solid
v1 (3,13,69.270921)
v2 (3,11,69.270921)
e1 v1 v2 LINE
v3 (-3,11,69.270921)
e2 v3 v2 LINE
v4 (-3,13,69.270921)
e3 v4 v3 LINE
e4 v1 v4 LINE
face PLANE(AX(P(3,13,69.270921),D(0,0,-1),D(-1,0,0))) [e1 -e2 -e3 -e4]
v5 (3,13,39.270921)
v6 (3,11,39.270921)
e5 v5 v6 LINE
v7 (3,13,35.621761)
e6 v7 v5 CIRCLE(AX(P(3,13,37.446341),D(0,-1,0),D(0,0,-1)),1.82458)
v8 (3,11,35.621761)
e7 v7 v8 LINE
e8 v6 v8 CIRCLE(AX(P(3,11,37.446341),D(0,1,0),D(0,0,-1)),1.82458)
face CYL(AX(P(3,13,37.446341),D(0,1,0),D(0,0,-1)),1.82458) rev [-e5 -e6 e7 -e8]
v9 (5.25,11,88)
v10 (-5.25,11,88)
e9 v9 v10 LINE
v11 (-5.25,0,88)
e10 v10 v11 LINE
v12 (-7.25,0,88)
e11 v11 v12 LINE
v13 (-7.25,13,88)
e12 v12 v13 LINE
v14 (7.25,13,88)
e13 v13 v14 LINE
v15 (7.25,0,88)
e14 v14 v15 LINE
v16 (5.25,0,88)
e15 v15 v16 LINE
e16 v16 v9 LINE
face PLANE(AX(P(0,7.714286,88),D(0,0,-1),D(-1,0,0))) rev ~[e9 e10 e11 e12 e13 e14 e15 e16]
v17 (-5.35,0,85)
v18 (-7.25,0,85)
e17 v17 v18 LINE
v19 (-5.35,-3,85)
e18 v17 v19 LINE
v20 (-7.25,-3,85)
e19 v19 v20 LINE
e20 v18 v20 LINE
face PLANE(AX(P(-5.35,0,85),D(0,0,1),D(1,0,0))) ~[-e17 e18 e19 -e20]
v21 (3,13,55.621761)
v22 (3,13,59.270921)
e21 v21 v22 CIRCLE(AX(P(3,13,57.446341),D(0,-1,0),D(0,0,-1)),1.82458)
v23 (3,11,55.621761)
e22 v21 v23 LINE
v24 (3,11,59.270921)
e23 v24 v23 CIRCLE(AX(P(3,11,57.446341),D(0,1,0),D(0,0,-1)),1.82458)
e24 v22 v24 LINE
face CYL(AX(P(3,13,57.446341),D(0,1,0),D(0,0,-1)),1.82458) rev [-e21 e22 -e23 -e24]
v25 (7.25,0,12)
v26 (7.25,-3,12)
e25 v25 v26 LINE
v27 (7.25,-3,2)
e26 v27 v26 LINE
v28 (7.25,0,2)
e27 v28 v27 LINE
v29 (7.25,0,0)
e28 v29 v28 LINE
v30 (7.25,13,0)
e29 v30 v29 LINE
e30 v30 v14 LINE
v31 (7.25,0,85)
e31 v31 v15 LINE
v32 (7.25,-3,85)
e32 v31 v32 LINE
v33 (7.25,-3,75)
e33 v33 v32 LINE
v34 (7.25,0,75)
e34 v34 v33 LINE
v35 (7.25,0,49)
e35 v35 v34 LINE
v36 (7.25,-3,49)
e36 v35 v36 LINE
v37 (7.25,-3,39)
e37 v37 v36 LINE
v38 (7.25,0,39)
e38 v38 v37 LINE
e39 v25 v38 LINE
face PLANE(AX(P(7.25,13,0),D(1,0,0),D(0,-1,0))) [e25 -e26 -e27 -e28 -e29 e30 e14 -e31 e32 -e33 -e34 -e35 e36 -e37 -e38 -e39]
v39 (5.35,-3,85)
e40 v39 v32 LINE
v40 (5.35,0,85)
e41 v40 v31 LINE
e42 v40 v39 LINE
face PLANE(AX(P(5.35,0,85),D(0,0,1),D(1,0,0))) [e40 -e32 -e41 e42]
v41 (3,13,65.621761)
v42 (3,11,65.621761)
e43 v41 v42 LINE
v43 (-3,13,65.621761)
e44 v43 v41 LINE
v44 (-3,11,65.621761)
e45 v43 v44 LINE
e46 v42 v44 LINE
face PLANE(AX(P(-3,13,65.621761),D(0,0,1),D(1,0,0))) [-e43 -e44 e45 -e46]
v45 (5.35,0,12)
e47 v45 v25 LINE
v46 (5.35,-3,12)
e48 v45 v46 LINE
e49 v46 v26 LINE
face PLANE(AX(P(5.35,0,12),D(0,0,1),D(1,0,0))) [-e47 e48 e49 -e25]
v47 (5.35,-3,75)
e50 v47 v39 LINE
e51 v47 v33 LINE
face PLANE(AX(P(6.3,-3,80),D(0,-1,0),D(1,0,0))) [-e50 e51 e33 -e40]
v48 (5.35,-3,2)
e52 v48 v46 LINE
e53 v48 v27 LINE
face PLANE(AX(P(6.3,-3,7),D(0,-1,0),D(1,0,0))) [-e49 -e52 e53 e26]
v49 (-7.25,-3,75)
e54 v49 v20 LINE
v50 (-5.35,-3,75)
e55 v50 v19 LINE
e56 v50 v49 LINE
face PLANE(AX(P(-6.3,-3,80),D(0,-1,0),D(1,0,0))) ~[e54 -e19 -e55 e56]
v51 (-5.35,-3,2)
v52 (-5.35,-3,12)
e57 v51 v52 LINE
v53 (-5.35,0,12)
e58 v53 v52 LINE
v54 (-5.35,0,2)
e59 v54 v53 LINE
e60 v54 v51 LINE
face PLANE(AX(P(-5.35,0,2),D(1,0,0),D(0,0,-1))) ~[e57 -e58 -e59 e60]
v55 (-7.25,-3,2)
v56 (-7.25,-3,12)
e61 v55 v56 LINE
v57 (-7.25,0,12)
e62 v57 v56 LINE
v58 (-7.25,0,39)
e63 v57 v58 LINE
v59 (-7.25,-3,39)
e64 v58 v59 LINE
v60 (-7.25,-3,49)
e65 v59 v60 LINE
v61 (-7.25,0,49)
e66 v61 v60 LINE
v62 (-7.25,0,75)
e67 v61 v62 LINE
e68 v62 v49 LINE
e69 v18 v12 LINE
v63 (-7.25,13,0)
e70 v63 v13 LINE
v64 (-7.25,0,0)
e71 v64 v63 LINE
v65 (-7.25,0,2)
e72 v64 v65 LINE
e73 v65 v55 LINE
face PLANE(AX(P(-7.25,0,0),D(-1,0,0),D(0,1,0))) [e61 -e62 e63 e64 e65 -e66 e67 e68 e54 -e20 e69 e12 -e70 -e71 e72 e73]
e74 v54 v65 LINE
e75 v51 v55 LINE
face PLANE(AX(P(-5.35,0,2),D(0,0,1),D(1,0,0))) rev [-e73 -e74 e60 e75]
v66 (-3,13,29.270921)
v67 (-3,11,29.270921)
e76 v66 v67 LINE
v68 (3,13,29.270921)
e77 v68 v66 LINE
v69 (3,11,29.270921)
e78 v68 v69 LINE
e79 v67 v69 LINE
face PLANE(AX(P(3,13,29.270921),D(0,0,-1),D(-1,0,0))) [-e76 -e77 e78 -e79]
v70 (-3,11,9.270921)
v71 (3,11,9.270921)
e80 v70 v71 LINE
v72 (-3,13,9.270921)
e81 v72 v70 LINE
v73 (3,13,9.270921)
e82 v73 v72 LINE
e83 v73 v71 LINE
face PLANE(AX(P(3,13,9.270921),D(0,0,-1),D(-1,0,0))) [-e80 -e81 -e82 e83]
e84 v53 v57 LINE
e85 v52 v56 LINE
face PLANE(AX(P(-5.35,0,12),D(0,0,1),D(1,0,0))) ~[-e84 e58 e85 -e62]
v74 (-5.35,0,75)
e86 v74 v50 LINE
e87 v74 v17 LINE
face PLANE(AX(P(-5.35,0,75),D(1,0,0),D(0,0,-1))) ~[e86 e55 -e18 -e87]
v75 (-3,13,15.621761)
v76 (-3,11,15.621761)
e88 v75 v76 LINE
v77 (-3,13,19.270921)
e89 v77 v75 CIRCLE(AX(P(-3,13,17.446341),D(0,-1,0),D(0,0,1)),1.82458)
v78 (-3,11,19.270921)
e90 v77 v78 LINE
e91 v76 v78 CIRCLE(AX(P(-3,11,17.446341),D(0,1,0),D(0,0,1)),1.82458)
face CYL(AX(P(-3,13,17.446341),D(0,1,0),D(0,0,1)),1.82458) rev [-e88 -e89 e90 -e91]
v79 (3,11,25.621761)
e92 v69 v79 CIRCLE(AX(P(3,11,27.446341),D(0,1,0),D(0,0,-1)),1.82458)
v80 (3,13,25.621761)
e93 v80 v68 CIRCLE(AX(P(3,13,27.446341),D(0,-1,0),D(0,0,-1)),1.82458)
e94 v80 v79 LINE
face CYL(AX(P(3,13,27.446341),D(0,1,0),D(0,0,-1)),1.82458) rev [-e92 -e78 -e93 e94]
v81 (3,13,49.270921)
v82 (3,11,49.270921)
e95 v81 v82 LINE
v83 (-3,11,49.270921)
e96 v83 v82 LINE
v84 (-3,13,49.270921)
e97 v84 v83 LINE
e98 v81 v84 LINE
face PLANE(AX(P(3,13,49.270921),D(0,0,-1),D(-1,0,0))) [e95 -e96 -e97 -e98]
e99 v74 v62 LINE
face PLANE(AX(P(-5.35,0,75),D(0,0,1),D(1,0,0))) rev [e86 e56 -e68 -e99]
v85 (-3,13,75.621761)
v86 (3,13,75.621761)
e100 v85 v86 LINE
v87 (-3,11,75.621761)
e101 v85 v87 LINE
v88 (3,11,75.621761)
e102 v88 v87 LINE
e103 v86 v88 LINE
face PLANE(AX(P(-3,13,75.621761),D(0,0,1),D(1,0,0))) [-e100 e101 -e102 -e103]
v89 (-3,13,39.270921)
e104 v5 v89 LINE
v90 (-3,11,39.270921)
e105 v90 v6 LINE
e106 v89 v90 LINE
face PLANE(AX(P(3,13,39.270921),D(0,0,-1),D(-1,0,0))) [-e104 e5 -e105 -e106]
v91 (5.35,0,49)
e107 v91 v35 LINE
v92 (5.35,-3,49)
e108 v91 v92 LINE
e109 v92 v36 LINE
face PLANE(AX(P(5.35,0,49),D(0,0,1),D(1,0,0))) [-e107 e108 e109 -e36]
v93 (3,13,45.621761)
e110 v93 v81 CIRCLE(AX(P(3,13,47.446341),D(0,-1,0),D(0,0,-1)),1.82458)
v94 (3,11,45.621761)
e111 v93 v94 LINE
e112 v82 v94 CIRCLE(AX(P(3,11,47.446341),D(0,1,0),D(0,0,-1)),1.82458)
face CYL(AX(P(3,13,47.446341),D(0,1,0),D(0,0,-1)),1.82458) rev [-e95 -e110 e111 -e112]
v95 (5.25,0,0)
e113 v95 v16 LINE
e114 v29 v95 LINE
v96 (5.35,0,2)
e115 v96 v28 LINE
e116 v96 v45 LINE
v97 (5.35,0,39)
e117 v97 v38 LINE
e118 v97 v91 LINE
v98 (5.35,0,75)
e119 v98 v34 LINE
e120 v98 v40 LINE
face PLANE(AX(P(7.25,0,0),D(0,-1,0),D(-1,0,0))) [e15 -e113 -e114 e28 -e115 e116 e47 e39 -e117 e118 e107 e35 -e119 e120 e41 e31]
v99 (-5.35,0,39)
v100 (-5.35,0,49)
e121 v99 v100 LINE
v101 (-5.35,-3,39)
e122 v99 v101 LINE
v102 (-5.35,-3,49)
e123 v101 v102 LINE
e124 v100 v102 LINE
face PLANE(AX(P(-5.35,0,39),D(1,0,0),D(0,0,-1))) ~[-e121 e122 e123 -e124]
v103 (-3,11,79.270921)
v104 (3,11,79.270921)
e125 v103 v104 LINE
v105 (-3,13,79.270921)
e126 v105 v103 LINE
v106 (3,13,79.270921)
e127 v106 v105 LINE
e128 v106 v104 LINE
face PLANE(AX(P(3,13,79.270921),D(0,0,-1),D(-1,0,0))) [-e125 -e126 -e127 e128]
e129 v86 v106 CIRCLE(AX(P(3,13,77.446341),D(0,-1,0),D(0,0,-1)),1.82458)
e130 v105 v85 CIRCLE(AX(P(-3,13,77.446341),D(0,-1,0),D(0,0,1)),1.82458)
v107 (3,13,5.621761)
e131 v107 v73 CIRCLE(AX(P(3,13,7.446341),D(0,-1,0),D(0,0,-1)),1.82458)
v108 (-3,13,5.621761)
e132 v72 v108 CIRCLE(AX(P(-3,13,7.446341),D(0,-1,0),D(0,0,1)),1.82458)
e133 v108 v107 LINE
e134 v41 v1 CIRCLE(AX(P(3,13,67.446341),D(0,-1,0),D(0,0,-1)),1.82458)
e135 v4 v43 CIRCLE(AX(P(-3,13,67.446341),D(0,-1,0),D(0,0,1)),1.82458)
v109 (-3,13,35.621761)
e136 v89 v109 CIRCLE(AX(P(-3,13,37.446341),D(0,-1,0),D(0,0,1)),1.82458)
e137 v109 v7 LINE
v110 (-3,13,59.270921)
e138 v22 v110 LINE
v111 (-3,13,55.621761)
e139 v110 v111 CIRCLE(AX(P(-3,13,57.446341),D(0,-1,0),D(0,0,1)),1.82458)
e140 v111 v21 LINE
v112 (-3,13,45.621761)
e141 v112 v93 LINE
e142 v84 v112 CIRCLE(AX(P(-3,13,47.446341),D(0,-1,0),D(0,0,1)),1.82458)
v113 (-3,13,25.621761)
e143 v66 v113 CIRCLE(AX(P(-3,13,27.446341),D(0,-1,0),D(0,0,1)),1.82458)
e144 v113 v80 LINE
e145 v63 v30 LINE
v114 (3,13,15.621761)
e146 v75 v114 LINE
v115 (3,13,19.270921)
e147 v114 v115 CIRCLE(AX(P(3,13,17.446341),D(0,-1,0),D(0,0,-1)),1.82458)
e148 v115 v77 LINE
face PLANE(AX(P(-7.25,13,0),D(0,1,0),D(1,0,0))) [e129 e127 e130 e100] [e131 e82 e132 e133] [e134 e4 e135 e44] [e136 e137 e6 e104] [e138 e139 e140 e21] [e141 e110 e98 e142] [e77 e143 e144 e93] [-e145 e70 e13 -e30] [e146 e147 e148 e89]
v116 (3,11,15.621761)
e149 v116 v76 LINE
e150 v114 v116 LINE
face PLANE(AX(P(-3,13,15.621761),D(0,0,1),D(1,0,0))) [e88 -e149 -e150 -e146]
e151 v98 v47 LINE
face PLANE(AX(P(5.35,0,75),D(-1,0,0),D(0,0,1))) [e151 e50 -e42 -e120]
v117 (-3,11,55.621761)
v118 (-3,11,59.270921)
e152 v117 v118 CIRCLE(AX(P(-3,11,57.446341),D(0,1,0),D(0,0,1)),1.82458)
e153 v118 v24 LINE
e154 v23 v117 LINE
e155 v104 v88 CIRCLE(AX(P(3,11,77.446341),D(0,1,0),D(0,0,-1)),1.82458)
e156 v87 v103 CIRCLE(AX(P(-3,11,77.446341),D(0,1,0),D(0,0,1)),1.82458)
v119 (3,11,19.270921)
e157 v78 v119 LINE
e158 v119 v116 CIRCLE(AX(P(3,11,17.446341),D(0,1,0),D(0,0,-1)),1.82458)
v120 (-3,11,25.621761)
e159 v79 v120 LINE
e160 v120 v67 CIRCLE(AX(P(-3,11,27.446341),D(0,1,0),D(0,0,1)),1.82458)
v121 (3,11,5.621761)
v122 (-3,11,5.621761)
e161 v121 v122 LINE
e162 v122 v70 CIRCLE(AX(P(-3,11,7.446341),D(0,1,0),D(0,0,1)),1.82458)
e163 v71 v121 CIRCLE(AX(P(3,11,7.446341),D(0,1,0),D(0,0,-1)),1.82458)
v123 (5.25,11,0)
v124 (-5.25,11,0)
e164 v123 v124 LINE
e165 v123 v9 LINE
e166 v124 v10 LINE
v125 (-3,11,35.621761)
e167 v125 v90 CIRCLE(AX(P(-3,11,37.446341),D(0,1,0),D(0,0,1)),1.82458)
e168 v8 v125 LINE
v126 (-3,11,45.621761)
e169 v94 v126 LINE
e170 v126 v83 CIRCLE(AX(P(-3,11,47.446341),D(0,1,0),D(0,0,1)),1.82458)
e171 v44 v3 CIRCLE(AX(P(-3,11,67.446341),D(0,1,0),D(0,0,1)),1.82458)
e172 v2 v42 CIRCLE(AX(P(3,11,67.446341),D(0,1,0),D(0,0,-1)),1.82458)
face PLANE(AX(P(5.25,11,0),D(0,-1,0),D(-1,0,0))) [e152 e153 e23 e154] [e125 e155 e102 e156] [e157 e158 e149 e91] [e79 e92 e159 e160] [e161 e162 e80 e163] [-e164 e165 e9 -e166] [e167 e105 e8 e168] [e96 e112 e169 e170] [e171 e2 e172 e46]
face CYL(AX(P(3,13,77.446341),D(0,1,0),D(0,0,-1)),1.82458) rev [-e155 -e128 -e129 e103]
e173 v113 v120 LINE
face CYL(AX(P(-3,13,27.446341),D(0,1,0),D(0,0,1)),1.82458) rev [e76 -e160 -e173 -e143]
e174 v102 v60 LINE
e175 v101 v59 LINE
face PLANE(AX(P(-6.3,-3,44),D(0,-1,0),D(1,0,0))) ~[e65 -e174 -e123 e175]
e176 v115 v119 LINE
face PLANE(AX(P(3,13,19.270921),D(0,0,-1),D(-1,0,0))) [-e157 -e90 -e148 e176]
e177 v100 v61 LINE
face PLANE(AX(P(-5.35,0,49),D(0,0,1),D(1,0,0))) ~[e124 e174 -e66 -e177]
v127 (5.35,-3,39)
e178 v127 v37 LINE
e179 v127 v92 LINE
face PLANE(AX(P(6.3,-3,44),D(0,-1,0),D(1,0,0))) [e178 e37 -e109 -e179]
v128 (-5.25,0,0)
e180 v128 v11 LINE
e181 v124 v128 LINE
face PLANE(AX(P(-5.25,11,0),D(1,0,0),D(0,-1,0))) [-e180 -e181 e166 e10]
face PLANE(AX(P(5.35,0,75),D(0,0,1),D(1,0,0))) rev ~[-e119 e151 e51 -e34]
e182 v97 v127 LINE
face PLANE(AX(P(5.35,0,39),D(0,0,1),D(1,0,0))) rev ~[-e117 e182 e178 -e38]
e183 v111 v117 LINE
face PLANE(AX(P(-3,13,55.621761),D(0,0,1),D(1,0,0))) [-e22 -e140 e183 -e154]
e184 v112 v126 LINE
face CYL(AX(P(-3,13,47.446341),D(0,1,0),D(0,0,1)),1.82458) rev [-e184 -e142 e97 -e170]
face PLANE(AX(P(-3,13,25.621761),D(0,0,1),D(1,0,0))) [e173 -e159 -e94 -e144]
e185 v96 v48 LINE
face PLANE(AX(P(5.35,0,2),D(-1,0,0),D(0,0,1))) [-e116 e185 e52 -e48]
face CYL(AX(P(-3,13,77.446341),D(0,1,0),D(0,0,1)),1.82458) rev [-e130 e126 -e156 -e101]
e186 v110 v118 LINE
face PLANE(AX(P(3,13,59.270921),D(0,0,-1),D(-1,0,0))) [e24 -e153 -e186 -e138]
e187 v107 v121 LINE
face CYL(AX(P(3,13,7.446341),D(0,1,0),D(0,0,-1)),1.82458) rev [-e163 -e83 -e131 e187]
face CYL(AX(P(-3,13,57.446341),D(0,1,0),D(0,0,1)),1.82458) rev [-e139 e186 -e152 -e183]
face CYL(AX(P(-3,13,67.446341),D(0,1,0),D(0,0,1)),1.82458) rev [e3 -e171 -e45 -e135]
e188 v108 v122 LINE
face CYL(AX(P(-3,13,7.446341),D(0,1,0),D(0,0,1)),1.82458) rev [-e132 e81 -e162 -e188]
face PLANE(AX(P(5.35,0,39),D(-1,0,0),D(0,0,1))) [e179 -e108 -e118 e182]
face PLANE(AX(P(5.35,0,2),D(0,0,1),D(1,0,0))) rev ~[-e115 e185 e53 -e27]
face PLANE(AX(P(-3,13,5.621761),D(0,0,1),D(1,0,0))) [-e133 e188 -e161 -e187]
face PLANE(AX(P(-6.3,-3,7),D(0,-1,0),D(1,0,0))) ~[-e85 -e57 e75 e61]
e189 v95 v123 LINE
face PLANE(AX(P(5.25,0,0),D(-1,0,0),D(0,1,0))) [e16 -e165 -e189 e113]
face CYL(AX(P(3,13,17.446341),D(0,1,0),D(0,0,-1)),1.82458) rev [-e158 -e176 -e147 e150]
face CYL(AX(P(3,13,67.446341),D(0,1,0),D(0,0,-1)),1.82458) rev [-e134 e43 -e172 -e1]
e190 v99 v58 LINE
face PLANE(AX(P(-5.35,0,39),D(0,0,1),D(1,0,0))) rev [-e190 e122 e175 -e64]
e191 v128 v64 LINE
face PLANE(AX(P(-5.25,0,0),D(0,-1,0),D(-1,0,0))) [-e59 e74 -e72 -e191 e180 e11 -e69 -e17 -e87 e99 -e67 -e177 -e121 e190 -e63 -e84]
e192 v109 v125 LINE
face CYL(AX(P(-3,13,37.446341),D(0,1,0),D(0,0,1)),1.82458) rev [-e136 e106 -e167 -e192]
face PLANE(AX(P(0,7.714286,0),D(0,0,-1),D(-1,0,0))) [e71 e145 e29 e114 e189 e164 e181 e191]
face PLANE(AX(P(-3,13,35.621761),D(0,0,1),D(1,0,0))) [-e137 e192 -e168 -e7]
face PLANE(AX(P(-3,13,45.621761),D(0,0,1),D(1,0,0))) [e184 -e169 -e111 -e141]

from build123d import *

# Parameters (mm, degrees)
EXTRUDE_1_DEPTH     = 88
CUT_EXTRUDE_1_DEPTH = 55
SKETCH_4_W          = 1.9
SKETCH_4_H          = 10
EXTRUDE_2_DEPTH     = 3


with BuildPart() as part:
    # 草图1 → 凸台-拉伸1 (new body)
    with BuildSketch(Plane.XY):
        Polygon((-7.25, 0), (-7.25, 13), (7.25, 13), (7.25, 0), (5.25, 0), (5.25, 11), (-5.25, 11), (-5.25, 0), align=None)
    extrude(amount=EXTRUDE_1_DEPTH)

    # 草图2 → 切除-拉伸1 (cut)
    with BuildSketch(Plane(origin=(0, 13, 0), x_dir=(1, 0, 0), z_dir=(0, 1, 0))):
        with BuildLine():
            Line((-3, -5.621760717), (3, -5.621760717))
            ThreePointArc((3, -5.621760717), (4.824580314, -7.44634103), (3, -9.270921344))
            Line((3, -9.270921344), (-3, -9.270921344))
            ThreePointArc((-3, -9.270921344), (-4.824580314, -7.44634103), (-3, -5.621760717))
        make_face()
        with BuildLine():
            Line((-3, -15.621760717), (3, -15.621760717))
            ThreePointArc((3, -15.621760717), (4.824580314, -17.44634103), (3, -19.270921344))
            Line((3, -19.270921344), (-3, -19.270921344))
            ThreePointArc((-3, -19.270921344), (-4.824580314, -17.44634103), (-3, -15.621760717))
        make_face()
        with BuildLine():
            Line((-3, -25.621760717), (3, -25.621760717))
            ThreePointArc((3, -25.621760717), (4.824580314, -27.44634103), (3, -29.270921344))
            Line((3, -29.270921344), (-3, -29.270921344))
            ThreePointArc((-3, -29.270921344), (-4.824580314, -27.44634103), (-3, -25.621760717))
        make_face()
        with BuildLine():
            Line((-3, -35.621760717), (3, -35.621760717))
            ThreePointArc((3, -35.621760717), (4.824580314, -37.44634103), (3, -39.270921344))
            Line((3, -39.270921344), (-3, -39.270921344))
            ThreePointArc((-3, -39.270921344), (-4.824580314, -37.44634103), (-3, -35.621760717))
        make_face()
        with BuildLine():
            Line((-3, -45.621760717), (3, -45.621760717))
            ThreePointArc((3, -45.621760717), (4.824580314, -47.44634103), (3, -49.270921344))
            Line((3, -49.270921344), (-3, -49.270921344))
            ThreePointArc((-3, -49.270921344), (-4.824580314, -47.44634103), (-3, -45.621760717))
        make_face()
        with BuildLine():
            Line((-3, -55.621760717), (3, -55.621760717))
            ThreePointArc((3, -55.621760717), (4.824580314, -57.44634103), (3, -59.270921344))
            Line((3, -59.270921344), (-3, -59.270921344))
            ThreePointArc((-3, -59.270921344), (-4.824580314, -57.44634103), (-3, -55.621760717))
        make_face()
        with BuildLine():
            Line((-3, -65.621760717), (3, -65.621760717))
            ThreePointArc((3, -65.621760717), (4.824580314, -67.44634103), (3, -69.270921344))
            Line((3, -69.270921344), (-3, -69.270921344))
            ThreePointArc((-3, -69.270921344), (-4.824580314, -67.44634103), (-3, -65.621760717))
        make_face()
        with BuildLine():
            Line((-3, -75.621760717), (3, -75.621760717))
            ThreePointArc((3, -75.621760717), (4.824580314, -77.44634103), (3, -79.270921344))
            Line((3, -79.270921344), (-3, -79.270921344))
            ThreePointArc((-3, -79.270921344), (-4.824580314, -77.44634103), (-3, -75.621760717))
        make_face()
    extrude(amount=-CUT_EXTRUDE_1_DEPTH, mode=Mode.SUBTRACT)

    # 草图4 → 凸台-拉伸2 (add)
    with BuildSketch(Plane.XZ):
        with Locations((6.3, 80)):
            Rectangle(SKETCH_4_W, SKETCH_4_H)
        with Locations((6.3, 44)):
            Rectangle(SKETCH_4_W, SKETCH_4_H)
        with Locations((6.3, 7)):
            Rectangle(SKETCH_4_W, SKETCH_4_H)
    extrude_2 = extrude(amount=EXTRUDE_2_DEPTH)

    # 镜向1: 凸台-拉伸2 across plane
    add(extrude_2.mirror(Plane(origin=(0, 0, 0), x_dir=(0, 0, 1), z_dir=(1, 0, 0))))


solid = part.part
